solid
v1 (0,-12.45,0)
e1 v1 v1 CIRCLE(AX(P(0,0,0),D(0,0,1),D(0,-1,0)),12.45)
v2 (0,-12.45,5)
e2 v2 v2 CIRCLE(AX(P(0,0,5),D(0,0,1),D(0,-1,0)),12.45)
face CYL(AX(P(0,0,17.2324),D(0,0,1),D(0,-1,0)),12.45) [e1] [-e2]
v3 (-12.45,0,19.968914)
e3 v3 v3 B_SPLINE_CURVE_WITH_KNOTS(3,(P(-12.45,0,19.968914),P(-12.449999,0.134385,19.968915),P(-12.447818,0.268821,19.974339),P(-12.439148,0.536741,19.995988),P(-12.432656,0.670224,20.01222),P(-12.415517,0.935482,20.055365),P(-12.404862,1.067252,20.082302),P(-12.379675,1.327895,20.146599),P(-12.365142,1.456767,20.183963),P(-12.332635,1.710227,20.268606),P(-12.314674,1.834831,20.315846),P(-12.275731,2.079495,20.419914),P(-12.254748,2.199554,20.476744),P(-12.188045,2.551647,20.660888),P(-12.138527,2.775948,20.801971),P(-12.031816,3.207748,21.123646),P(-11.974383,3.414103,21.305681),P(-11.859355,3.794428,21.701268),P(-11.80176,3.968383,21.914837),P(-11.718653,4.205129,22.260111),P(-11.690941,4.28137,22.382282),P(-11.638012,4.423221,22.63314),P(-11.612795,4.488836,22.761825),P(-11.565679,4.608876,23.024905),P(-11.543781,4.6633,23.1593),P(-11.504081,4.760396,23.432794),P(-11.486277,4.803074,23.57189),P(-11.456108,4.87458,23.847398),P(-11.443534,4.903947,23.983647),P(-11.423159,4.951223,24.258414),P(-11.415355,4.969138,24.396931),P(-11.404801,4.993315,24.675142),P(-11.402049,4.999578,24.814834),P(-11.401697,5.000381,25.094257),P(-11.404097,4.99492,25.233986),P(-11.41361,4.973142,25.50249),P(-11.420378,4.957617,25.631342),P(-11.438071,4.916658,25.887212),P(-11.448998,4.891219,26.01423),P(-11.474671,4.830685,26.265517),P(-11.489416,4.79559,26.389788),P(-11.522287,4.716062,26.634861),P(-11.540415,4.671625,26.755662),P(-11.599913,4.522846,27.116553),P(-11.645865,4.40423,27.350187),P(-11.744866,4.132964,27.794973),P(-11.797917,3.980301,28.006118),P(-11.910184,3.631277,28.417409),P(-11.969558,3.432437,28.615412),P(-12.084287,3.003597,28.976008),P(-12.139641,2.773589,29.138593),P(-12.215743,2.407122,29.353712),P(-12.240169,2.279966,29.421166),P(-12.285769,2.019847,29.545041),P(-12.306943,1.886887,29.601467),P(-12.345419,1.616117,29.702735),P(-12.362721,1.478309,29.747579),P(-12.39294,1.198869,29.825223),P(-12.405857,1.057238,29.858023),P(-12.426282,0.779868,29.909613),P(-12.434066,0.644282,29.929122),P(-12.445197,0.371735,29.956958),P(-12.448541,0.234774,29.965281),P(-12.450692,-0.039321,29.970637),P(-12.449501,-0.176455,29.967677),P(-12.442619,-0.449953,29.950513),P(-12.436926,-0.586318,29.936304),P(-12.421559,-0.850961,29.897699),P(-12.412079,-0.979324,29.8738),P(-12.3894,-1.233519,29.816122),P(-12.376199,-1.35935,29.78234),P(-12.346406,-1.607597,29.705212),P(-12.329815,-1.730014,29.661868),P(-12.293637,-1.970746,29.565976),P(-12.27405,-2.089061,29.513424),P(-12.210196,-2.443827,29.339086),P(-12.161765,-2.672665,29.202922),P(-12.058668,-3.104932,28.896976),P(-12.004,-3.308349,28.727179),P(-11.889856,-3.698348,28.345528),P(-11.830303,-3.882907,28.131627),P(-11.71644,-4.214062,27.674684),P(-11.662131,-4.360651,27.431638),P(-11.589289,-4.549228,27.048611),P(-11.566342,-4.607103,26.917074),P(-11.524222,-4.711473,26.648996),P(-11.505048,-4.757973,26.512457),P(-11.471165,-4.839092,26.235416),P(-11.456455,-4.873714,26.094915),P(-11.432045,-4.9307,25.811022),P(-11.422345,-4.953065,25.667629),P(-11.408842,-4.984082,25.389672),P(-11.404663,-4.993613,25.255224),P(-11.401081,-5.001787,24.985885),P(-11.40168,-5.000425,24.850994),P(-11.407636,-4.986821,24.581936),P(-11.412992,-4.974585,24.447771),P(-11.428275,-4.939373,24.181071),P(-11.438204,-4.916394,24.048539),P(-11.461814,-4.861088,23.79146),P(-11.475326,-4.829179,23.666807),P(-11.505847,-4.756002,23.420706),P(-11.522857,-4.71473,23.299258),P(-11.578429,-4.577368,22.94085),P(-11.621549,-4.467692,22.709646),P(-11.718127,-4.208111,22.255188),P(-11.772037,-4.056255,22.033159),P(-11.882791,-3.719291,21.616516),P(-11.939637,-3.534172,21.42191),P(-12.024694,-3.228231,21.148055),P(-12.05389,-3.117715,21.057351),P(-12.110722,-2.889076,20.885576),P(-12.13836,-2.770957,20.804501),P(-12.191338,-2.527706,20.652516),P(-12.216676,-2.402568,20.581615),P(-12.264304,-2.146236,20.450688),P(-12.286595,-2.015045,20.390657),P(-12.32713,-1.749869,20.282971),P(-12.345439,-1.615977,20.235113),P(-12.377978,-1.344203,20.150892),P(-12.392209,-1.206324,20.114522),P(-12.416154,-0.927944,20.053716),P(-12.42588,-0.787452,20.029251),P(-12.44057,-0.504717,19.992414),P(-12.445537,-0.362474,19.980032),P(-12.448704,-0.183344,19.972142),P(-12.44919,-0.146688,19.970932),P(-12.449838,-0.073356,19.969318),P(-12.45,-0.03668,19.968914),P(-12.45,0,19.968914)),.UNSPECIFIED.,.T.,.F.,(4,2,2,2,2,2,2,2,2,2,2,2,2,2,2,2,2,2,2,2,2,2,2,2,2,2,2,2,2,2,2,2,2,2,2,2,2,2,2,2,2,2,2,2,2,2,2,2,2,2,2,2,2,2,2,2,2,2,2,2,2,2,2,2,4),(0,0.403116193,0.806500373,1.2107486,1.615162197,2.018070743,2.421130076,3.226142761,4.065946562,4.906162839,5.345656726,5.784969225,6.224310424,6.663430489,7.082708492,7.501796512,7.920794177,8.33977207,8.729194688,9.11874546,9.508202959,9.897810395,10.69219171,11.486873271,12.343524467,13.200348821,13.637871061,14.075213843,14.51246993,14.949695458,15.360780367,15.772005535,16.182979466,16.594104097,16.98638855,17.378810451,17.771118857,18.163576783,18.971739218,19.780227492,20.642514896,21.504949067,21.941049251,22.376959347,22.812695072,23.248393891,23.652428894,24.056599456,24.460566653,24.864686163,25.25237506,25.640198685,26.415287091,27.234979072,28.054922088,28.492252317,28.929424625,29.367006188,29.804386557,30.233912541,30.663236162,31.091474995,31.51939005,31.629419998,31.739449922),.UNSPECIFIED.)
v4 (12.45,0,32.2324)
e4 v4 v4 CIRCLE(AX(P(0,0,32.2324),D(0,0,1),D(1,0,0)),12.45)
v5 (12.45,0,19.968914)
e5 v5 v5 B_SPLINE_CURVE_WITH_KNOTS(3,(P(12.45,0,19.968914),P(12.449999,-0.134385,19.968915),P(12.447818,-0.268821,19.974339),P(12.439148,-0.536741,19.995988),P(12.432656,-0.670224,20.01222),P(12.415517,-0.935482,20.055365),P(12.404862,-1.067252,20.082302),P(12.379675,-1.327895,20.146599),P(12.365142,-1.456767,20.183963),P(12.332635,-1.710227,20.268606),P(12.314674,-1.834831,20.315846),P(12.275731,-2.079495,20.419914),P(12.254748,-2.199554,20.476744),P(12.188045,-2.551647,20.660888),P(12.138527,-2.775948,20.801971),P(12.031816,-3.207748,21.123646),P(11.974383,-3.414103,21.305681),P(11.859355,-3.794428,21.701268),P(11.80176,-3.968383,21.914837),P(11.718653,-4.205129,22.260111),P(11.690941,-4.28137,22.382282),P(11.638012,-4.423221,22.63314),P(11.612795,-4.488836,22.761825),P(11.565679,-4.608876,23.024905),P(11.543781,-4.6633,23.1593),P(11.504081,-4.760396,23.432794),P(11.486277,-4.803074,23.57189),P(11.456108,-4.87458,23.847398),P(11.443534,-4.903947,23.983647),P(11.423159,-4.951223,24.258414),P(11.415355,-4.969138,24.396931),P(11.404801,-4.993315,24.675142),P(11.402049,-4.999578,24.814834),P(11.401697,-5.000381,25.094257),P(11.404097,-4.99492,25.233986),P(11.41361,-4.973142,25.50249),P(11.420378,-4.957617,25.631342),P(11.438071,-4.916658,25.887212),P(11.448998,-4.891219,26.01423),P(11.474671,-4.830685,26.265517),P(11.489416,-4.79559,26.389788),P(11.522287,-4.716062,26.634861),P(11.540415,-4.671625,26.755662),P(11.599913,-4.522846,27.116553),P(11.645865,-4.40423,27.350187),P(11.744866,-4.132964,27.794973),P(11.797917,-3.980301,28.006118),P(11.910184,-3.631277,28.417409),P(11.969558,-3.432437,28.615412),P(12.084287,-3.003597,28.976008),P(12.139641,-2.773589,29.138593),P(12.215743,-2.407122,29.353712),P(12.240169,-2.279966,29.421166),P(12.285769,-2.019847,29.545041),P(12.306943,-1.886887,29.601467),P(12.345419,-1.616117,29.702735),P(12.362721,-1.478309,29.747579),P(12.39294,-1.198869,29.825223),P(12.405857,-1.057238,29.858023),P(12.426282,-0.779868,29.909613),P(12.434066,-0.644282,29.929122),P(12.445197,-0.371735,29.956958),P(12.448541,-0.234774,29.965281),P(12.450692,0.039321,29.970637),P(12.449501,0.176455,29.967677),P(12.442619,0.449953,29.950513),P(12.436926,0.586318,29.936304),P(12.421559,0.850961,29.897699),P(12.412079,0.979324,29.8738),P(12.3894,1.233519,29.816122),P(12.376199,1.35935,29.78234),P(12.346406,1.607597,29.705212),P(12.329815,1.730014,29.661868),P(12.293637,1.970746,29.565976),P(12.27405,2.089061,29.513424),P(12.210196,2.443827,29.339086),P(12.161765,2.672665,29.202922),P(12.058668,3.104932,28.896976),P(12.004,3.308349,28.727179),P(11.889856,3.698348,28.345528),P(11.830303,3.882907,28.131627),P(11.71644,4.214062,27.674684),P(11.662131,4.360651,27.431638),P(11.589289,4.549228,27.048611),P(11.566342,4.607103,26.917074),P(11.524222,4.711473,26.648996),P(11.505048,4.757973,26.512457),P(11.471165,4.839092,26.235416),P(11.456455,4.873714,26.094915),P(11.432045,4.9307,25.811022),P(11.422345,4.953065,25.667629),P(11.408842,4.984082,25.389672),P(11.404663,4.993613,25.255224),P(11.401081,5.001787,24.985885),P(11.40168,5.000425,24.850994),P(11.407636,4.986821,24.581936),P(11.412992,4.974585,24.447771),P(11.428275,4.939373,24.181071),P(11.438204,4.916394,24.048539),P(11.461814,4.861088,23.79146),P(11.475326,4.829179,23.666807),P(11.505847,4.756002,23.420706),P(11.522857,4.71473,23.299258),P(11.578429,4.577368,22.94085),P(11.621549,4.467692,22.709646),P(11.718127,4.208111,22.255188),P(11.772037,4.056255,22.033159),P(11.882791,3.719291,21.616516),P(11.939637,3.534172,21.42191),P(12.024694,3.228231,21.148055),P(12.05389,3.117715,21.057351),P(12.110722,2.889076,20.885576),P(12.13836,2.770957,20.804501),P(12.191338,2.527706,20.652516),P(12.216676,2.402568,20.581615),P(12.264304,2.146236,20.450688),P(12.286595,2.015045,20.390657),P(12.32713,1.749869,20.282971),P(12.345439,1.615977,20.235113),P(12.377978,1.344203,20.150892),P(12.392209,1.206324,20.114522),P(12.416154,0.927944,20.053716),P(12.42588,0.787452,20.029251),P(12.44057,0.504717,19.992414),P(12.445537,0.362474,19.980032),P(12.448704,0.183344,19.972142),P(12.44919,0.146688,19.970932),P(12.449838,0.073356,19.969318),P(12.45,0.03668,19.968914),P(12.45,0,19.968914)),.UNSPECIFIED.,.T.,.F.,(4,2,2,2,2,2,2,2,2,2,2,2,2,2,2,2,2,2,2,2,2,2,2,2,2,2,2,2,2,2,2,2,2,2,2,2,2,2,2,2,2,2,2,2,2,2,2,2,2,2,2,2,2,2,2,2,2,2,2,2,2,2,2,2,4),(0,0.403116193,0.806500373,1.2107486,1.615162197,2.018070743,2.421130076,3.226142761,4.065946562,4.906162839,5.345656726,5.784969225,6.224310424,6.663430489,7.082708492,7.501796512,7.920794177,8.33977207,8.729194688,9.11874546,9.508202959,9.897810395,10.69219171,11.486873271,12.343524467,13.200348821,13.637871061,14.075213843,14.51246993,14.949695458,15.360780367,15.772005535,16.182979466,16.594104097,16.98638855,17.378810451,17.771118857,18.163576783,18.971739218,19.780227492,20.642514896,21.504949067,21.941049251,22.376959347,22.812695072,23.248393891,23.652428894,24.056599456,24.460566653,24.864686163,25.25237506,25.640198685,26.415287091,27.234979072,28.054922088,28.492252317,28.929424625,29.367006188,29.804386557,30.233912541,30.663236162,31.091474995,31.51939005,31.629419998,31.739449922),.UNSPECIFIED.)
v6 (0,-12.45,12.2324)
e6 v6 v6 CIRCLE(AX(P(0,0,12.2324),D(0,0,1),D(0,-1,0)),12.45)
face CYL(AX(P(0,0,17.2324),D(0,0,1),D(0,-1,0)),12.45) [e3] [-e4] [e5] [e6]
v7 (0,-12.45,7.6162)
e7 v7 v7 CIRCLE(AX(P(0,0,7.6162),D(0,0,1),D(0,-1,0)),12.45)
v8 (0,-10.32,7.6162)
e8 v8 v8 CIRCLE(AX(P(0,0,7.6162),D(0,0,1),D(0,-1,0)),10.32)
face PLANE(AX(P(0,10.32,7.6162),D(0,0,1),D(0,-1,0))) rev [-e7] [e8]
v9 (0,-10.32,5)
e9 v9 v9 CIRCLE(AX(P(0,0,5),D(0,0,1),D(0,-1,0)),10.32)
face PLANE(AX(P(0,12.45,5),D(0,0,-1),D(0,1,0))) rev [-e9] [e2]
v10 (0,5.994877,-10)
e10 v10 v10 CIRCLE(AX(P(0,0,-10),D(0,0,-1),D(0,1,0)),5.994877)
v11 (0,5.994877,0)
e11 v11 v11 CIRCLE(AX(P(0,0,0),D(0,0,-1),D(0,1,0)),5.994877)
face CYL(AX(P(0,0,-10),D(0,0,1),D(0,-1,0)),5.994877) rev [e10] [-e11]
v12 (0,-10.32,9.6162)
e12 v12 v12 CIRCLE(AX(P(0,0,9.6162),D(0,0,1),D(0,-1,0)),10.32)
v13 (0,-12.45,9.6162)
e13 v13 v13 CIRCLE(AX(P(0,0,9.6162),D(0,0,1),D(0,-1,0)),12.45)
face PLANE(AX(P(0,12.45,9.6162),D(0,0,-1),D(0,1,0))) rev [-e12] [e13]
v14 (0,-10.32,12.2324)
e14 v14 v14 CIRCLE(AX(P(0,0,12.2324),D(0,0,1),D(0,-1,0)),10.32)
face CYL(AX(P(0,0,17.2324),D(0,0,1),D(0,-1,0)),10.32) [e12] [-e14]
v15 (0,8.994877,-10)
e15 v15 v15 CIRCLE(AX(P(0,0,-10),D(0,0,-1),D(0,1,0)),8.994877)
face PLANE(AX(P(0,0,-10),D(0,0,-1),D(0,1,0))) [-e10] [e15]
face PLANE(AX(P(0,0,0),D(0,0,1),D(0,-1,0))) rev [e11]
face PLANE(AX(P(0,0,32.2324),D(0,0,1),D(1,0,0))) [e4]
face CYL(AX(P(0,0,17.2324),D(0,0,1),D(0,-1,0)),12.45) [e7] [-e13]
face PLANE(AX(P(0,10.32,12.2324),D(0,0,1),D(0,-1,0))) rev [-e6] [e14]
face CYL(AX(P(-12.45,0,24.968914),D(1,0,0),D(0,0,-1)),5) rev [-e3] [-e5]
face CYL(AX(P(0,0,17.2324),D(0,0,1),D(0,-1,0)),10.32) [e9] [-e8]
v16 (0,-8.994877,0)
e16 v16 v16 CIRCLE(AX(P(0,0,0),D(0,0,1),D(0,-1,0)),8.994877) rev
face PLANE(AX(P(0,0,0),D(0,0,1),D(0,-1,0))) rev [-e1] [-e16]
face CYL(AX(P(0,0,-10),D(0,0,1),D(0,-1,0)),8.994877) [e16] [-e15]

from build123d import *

# Parameters (mm, degrees)
SKETCH3_R               = 8.99487737
SKETCH3_R_2             = 5.99487737
BOSS_EXTRUDE4_DEPTH     = 10
BOSS_EXTRUDE5_START     = 15
SKETCH4_R               = 12.45
BOSS_EXTRUDE5_DEPTH     = 15
CUT_EXTRUDE1_DEPTH      = 37.727817928
CUT_EXTRUDE1_DEPTH_BACK = 37.727817928
SKETCH5_R               = 5


with BuildPart() as part:
    # Sketch2 → Revolve1 (revolve)
    with BuildSketch(Plane(origin=(0, 0, 0), x_dir=(0, 0, -1), z_dir=(1, 0, 0)), mode=Mode.PRIVATE) as revolve1_sk:
        Polygon((0, 0), (0, 12.45), (-5, 12.45), (-5, 10.32), (-7.6162, 10.32), (-7.6162, 12.45), (-9.6162, 12.45), (-9.6162, 10.32), (-12.2324, 10.32), (-12.2324, 12.45), (-17.2324, 12.45), (-17.2324, 0), align=None)
    revolve(revolve1_sk.sketch.rotate(Axis((0, 0, 17.2324), (0, 0, -1)), 180), axis=Axis((0, 0, 17.2324), (0, 0, -1)))

    # Sketch3 → Boss-Extrude4 (add)
    with BuildSketch(Plane(origin=(0, 0, 0), x_dir=(-1, 0, 0), z_dir=(0, 0, -1))):
        with Locations(Location((0, 0, 0), (0, 0, 270))):
            Circle(SKETCH3_R)
        with Locations(Location((0, 0, 0), (0, 0, 90))):
            Circle(SKETCH3_R_2, mode=Mode.SUBTRACT)
    extrude(amount=BOSS_EXTRUDE4_DEPTH)

    # Sketch4 → Boss-Extrude5 (add)
    with BuildSketch(Plane.XY.offset(17.2324).offset(BOSS_EXTRUDE5_START)):
        with Locations(Location((0, 0, 0), (0, 0, 270))):
            Circle(SKETCH4_R)
    extrude(amount=-BOSS_EXTRUDE5_DEPTH)

    # Sketch5 → Cut-Extrude1 (cut, two sides: drawn at the far end of the back side and taken through both)
    with BuildSketch(Plane(origin=(0, 0, 0), x_dir=(0, 0, -1), z_dir=(1, 0, 0)).offset(-CUT_EXTRUDE1_DEPTH_BACK)):
        with Locations((-24.968914218, 0)):
            Circle(SKETCH5_R)
    extrude(amount=CUT_EXTRUDE1_DEPTH + CUT_EXTRUDE1_DEPTH_BACK, mode=Mode.SUBTRACT)


solid = part.part
